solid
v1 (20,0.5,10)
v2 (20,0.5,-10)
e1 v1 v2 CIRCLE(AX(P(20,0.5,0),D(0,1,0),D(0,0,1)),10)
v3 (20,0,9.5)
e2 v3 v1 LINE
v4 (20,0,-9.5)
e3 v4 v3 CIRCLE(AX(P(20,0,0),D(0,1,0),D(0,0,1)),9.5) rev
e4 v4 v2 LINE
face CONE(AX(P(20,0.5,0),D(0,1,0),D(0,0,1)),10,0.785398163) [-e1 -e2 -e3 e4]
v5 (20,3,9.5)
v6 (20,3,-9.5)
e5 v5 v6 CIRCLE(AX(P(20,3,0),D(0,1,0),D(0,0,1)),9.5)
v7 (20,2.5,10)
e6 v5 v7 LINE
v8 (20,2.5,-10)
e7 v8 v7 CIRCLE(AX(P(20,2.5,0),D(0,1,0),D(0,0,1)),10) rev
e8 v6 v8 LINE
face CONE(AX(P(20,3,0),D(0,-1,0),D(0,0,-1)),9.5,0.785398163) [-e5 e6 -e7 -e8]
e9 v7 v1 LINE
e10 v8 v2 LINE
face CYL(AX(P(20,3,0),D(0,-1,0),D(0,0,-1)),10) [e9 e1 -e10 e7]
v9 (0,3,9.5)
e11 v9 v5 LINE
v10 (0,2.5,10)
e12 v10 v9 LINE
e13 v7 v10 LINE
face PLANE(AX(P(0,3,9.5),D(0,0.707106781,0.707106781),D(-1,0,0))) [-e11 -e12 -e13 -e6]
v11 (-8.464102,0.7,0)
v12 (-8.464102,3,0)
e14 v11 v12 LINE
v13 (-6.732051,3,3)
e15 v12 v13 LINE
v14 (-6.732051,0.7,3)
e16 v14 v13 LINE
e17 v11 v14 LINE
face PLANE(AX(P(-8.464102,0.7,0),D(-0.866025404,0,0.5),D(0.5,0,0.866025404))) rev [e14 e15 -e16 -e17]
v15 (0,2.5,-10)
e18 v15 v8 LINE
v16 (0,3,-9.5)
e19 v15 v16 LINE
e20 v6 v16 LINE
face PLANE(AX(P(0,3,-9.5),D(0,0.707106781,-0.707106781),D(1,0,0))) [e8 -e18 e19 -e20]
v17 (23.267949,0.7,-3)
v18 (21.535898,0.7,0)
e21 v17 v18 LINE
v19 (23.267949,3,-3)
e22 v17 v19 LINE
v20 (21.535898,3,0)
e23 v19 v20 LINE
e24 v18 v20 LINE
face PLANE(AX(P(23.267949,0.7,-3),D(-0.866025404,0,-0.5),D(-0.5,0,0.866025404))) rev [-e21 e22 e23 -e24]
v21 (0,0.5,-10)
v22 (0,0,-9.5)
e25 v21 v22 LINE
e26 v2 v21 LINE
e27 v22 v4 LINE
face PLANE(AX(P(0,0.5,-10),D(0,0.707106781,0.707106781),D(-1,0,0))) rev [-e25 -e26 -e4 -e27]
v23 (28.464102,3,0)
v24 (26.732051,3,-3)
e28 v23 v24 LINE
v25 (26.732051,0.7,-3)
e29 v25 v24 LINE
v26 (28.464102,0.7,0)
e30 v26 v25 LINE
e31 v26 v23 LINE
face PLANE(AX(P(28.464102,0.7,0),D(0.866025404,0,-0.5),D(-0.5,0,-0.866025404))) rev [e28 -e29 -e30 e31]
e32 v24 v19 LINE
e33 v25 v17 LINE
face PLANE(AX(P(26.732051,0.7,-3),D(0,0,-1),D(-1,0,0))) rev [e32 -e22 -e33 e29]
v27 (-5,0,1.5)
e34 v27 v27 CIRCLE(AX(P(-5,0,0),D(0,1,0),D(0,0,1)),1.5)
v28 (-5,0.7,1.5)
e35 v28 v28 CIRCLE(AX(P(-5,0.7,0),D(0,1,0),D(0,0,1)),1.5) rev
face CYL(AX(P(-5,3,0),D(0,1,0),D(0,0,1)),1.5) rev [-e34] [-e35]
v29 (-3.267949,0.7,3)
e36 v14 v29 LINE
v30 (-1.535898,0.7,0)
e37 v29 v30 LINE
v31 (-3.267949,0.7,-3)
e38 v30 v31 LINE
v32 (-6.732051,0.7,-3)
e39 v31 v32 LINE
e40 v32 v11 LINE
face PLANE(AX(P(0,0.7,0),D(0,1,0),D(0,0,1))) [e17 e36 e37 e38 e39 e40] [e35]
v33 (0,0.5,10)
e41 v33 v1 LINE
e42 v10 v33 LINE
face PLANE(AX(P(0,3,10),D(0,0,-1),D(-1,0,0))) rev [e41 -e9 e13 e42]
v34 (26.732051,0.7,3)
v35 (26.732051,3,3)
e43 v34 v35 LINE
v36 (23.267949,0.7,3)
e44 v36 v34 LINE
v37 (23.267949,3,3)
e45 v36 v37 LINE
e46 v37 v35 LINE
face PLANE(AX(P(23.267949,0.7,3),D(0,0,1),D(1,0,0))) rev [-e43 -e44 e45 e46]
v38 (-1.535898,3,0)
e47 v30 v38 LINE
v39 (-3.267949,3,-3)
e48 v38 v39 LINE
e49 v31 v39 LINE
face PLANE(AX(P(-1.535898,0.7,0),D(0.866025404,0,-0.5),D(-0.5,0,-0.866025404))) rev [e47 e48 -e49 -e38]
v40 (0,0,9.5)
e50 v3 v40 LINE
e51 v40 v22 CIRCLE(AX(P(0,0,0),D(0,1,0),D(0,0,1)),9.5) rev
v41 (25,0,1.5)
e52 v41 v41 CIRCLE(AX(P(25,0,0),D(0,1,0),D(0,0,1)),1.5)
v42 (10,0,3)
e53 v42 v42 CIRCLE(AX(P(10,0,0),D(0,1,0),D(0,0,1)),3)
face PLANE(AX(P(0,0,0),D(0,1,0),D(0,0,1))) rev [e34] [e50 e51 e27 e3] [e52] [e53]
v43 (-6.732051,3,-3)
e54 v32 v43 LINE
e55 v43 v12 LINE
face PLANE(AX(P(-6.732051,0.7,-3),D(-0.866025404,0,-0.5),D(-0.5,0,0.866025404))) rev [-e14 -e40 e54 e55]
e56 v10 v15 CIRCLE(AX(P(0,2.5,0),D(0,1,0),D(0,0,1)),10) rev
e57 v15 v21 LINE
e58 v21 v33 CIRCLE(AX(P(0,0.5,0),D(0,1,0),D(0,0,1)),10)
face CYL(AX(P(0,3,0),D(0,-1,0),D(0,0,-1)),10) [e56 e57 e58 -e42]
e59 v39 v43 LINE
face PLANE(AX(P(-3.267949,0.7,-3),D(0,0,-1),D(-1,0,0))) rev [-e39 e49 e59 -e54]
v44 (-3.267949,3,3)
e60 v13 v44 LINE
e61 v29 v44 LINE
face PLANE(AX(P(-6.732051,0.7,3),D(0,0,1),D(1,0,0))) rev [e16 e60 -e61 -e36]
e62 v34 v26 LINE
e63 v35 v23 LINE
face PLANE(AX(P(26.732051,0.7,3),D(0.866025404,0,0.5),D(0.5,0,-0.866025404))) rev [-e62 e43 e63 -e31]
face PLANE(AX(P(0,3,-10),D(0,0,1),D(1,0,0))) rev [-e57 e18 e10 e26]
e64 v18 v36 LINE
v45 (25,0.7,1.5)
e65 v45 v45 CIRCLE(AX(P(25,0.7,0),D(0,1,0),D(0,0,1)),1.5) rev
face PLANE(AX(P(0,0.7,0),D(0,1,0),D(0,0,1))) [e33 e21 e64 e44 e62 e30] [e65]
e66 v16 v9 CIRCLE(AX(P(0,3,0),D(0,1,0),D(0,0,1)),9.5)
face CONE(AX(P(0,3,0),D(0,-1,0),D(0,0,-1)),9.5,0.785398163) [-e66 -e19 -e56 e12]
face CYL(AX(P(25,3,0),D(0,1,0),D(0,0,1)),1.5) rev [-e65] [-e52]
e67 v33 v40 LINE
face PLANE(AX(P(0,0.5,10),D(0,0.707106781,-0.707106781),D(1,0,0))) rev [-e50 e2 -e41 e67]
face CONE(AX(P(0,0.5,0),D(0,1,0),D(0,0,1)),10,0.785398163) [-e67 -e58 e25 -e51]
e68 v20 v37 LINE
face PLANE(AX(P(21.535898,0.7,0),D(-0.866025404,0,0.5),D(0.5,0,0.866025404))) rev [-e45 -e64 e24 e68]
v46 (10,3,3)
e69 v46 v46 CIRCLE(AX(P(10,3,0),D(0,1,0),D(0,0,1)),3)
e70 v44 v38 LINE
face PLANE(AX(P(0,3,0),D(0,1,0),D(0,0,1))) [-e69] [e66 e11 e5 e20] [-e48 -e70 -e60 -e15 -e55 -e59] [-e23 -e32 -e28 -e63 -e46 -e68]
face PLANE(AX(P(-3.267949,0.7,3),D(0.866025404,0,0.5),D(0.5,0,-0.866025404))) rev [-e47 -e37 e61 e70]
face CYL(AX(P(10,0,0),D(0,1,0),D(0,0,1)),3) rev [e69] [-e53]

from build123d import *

# Parameters (mm, degrees)
BOSS_EXTRUDE1_DEPTH             = 3
M3X0_5_TAPPED_HOLE1_D           = 3
M3X0_5_TAPPED_HOLE1_CSINK_D     = 3.05
M3X0_5_TAPPED_HOLE1_CSINK_ANGLE = 90
CHAMFER1_SIZE                   = 0.5
SKETCH3_R                       = 3
CUT_EXTRUDE1_DEPTH              = 32.764760349
CUT_EXTRUDE2_DEPTH              = 2.3


with BuildPart() as part:
    # Sketch2 → Boss-Extrude1 (new body)
    with BuildSketch(Plane(origin=(0, 0, 0), x_dir=(1, 0, 0), z_dir=(0, 1, 0))):
        with BuildLine():
            Line((0, 10), (20, 10))
            ThreePointArc((20, 10), (30, 0), (20, -10))
            Line((20, -10), (0, -10))
            ThreePointArc((0, -10), (-10, 0), (0, 10))
        make_face()
    extrude(amount=BOSS_EXTRUDE1_DEPTH)

    # M3x0.5 Tapped Hole1 (through all)
    with Locations(Plane(origin=(0, 3, 0), x_dir=(1, 0, 0), z_dir=(0, 1, 0))):
        with Locations((-5, 0), (25, 0)):
            CounterSinkHole(M3X0_5_TAPPED_HOLE1_D / 2, M3X0_5_TAPPED_HOLE1_CSINK_D / 2, counter_sink_angle=M3X0_5_TAPPED_HOLE1_CSINK_ANGLE)

    # Chamfer1
    chamfer1_edges = [part.edges().sort_by_distance(p)[0] for p in [
        (30, 3, 0),
        (10, 3, -10),
        (-10, 3, 0),
        (10, 0, -10),
        (30, 0, 0),
        (10, 0, 10),
        (-10, 0, 0),
        (10, 3, 10),
    ]]
    chamfer(chamfer1_edges, length=CHAMFER1_SIZE)

    # Sketch3 → Cut-Extrude1 (cut, through all)
    with BuildSketch(Plane(origin=(0, 3, 0), x_dir=(1, 0, 0), z_dir=(0, 1, 0))):
        with Locations(Location((10, 0, 0), (0, 0, 270))):
            Circle(SKETCH3_R)
    extrude(amount=-CUT_EXTRUDE1_DEPTH, mode=Mode.SUBTRACT)

    # Sketch16 → Cut-Extrude2 (cut)
    with BuildSketch(Plane(origin=(0, 3, 0), x_dir=(1, 0, 0), z_dir=(0, 1, 0))):
        Polygon((-1.535898385, 0), (-3.267949192, 3), (-6.732050808, 3), (-8.464101615, 0), (-6.732050808, -3), (-3.267949192, -3), align=None)
        Polygon((21.535898385, 0), (23.267949192, -3), (26.732050808, -3), (28.464101615, 0), (26.732050808, 3), (23.267949192, 3), align=None)
    extrude(amount=-CUT_EXTRUDE2_DEPTH, mode=Mode.SUBTRACT)


solid = part.part
